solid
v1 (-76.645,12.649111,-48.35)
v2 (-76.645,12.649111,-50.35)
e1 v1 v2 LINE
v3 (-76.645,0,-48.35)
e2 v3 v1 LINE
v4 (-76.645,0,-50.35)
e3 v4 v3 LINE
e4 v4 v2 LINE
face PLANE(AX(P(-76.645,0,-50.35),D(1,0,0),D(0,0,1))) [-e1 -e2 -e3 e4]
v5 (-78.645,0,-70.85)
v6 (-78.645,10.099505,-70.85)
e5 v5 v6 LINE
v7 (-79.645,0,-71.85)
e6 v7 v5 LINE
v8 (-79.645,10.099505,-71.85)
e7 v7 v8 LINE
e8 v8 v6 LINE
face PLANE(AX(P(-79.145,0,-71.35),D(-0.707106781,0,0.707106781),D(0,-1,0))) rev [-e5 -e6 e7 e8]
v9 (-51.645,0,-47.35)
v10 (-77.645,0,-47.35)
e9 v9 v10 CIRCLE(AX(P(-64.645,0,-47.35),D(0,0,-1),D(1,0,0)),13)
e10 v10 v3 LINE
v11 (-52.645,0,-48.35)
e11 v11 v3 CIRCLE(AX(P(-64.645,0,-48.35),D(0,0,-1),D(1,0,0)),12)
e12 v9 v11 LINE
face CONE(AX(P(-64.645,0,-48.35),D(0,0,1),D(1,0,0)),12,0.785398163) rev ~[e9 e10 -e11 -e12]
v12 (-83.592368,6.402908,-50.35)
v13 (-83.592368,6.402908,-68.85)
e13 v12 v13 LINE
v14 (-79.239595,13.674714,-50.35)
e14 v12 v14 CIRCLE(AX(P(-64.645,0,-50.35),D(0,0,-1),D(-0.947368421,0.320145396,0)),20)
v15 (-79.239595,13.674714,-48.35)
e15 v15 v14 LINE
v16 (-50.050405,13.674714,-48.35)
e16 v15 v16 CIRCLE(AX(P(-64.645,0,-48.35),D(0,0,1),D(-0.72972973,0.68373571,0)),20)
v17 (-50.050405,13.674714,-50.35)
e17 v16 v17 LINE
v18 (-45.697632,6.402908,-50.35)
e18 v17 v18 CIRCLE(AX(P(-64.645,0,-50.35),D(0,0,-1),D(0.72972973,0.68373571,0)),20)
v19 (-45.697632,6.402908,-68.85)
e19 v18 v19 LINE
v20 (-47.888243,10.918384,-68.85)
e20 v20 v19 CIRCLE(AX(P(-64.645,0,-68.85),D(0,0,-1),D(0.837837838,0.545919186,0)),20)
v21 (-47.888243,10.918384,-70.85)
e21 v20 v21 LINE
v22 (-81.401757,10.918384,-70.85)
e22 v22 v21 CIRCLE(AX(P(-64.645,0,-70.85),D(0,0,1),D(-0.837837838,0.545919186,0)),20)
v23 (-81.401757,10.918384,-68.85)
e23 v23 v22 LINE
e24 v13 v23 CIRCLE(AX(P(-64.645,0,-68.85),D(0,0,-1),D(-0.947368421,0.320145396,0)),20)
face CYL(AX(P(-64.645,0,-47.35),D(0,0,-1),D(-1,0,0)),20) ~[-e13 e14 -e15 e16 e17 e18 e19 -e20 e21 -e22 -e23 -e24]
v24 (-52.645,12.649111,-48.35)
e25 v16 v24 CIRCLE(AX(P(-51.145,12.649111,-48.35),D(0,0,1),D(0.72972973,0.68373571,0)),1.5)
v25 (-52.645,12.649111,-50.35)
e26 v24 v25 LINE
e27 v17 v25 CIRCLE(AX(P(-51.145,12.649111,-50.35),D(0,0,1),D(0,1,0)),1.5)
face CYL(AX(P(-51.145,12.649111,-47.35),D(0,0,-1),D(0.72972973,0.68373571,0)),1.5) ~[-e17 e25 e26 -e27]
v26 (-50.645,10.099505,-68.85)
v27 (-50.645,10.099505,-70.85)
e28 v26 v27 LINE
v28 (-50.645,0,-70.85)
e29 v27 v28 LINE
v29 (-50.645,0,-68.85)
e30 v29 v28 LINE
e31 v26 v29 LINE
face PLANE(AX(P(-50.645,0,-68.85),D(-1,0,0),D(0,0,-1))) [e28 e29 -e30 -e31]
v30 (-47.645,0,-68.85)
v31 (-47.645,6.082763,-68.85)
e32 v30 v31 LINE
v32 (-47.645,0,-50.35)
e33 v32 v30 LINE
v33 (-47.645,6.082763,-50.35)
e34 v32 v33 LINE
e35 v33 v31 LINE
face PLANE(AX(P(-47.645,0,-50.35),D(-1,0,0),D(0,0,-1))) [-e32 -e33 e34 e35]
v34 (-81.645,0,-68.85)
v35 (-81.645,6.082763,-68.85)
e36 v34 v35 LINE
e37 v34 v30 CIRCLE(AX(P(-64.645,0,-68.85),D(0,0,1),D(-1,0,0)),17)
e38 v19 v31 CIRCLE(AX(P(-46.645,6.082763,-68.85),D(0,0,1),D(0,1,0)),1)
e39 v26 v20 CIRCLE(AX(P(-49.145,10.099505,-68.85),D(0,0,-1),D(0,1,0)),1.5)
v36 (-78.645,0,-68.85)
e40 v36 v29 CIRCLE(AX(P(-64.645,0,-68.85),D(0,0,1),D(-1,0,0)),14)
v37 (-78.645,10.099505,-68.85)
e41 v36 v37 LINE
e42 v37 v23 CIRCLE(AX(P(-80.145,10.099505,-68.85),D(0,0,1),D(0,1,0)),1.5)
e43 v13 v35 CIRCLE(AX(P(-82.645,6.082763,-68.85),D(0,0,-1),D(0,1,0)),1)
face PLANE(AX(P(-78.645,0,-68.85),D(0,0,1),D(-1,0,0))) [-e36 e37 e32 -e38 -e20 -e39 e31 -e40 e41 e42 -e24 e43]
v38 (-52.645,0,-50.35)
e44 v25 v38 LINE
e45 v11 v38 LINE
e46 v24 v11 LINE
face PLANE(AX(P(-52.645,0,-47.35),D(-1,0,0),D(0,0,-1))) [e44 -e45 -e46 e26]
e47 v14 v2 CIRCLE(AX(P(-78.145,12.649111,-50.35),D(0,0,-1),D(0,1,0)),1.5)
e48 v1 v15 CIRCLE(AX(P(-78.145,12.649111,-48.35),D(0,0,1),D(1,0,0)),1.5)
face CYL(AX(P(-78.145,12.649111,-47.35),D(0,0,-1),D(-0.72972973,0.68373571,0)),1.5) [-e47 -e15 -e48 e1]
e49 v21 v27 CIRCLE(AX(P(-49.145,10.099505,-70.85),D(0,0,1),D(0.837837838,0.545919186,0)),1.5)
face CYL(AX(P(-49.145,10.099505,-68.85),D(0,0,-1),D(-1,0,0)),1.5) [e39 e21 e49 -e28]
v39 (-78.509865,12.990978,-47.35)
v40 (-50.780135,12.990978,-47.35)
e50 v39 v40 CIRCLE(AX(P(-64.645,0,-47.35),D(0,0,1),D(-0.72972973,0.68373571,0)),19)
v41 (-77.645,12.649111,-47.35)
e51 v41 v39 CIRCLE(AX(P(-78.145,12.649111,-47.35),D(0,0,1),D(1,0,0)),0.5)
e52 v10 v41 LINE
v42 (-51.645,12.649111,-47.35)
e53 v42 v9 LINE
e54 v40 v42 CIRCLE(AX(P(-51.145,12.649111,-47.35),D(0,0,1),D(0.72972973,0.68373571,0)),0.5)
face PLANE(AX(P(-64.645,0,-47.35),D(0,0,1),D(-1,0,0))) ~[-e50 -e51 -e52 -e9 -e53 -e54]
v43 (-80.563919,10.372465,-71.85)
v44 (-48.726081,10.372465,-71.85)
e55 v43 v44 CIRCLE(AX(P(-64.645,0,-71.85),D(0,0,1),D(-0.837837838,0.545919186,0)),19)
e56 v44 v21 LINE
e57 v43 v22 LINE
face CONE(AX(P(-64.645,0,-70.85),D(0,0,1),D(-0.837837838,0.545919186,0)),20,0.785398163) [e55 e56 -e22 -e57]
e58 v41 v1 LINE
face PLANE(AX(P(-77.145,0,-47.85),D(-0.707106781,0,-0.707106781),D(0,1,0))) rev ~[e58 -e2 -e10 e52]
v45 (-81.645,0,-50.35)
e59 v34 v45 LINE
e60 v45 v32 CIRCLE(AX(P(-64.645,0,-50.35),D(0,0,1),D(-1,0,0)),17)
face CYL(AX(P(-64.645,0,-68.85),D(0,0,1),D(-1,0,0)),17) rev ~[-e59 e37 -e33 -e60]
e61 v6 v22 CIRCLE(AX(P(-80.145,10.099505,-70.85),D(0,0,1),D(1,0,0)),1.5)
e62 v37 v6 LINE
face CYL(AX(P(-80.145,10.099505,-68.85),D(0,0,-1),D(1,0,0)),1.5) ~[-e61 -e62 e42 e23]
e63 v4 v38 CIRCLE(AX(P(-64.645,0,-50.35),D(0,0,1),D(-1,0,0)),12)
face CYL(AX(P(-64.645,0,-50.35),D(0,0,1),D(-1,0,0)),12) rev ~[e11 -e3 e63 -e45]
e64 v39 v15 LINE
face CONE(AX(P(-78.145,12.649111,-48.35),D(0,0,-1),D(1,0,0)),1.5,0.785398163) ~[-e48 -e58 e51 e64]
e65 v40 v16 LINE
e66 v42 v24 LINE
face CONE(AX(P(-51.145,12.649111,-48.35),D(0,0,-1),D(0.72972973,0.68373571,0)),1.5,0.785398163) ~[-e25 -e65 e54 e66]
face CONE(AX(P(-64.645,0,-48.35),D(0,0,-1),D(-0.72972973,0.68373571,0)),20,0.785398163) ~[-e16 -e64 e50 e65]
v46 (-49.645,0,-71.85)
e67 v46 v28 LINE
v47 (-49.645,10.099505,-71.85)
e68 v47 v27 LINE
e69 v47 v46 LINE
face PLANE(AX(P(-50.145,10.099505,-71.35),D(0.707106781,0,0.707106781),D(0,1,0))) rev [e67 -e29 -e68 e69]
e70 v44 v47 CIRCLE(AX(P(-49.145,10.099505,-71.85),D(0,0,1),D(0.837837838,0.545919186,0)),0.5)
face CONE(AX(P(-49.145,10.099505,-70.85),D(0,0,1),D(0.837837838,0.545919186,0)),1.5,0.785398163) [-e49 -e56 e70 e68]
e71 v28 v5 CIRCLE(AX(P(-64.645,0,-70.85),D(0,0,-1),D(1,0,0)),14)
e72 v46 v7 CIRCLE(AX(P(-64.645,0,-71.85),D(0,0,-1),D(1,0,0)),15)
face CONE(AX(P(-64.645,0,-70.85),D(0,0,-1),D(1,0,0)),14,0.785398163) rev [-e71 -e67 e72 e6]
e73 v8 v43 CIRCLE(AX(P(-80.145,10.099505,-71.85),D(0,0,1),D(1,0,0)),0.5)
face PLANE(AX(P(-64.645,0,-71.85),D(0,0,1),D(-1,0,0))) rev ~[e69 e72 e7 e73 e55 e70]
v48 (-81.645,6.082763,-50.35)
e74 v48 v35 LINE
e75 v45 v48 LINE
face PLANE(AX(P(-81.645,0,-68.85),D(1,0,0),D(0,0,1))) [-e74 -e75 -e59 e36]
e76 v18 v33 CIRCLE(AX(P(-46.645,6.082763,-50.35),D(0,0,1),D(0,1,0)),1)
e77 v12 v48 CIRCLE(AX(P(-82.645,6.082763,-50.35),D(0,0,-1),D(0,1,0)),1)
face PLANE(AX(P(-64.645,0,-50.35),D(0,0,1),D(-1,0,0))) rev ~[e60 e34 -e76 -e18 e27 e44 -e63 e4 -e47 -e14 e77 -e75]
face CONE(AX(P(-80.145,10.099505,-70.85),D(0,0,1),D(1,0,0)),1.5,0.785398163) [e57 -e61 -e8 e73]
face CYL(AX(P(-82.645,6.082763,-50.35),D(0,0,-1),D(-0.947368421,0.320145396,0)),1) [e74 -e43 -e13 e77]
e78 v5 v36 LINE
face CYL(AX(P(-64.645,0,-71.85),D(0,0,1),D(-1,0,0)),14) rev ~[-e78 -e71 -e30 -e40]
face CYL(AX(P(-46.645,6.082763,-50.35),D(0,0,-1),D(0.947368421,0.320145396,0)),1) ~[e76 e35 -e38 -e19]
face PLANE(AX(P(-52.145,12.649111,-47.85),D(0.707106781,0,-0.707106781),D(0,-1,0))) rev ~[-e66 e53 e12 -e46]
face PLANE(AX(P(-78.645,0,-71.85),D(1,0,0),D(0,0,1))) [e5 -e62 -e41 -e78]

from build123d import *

# Parameters (mm, degrees)
POCKET003_DEPTH = 20.001
FILLET_R        = 1.5
FILLET001_R     = 1
CHAMFER001_SIZE = 1


with BuildPart() as part:
    # Sketch013 → Revolution003 (revolve)
    with BuildSketch(Plane.XZ):
        Polygon((-76.645, -50.35), (-76.645, -47.35), (-84.645, -47.35), (-84.645, -71.85), (-78.645, -71.85), (-78.645, -68.85), (-81.645, -68.85), (-81.645, -50.35), align=None)
    revolve(axis=Axis((-64.645, 0, -50.35), (0, 0, 1)))

    # Sketch014 → Pocket003 (cut, through all)
    with BuildSketch(Plane.XZ):
        Polygon((-76.645, -47.35), (-52.645, -47.35), (-52.645, -50.35), (-47.645, -50.35), (-47.645, -68.85), (-50.645, -68.85), (-50.645, -71.85), (-78.645, -71.85), (-78.645, -68.85), (-81.645, -68.85), (-81.645, -50.35), (-76.645, -50.35), align=None)
    extrude(amount=-POCKET003_DEPTH, mode=Mode.SUBTRACT)

    # Fillet
    fillet_edges = [part.edges().sort_by_distance(p)[0] for p in [
        (-52.645, 16, -48.85),
        (-76.645, 16, -48.85),
        (-78.645, 14.282857, -70.35),
        (-50.645, 14.282857, -70.35),
    ]]
    fillet(fillet_edges, radius=FILLET_R)

    # Fillet001
    fillet001_edges = [part.edges().sort_by_distance(p)[0] for p in [
        (-47.645, 10.535654, -59.6),
        (-81.645, 10.535654, -59.6),
    ]]
    fillet(fillet001_edges, radius=FILLET001_R)

    # Chamfer001
    chamfer001_edges = [part.edges().sort_by_distance(p)[0] for p in [
        (-83.244622, 7.352146, -47.35),
        (-83.817052, 5.694948, -71.85),
    ]]
    chamfer(chamfer001_edges, length=CHAMFER001_SIZE)


solid = part.part
